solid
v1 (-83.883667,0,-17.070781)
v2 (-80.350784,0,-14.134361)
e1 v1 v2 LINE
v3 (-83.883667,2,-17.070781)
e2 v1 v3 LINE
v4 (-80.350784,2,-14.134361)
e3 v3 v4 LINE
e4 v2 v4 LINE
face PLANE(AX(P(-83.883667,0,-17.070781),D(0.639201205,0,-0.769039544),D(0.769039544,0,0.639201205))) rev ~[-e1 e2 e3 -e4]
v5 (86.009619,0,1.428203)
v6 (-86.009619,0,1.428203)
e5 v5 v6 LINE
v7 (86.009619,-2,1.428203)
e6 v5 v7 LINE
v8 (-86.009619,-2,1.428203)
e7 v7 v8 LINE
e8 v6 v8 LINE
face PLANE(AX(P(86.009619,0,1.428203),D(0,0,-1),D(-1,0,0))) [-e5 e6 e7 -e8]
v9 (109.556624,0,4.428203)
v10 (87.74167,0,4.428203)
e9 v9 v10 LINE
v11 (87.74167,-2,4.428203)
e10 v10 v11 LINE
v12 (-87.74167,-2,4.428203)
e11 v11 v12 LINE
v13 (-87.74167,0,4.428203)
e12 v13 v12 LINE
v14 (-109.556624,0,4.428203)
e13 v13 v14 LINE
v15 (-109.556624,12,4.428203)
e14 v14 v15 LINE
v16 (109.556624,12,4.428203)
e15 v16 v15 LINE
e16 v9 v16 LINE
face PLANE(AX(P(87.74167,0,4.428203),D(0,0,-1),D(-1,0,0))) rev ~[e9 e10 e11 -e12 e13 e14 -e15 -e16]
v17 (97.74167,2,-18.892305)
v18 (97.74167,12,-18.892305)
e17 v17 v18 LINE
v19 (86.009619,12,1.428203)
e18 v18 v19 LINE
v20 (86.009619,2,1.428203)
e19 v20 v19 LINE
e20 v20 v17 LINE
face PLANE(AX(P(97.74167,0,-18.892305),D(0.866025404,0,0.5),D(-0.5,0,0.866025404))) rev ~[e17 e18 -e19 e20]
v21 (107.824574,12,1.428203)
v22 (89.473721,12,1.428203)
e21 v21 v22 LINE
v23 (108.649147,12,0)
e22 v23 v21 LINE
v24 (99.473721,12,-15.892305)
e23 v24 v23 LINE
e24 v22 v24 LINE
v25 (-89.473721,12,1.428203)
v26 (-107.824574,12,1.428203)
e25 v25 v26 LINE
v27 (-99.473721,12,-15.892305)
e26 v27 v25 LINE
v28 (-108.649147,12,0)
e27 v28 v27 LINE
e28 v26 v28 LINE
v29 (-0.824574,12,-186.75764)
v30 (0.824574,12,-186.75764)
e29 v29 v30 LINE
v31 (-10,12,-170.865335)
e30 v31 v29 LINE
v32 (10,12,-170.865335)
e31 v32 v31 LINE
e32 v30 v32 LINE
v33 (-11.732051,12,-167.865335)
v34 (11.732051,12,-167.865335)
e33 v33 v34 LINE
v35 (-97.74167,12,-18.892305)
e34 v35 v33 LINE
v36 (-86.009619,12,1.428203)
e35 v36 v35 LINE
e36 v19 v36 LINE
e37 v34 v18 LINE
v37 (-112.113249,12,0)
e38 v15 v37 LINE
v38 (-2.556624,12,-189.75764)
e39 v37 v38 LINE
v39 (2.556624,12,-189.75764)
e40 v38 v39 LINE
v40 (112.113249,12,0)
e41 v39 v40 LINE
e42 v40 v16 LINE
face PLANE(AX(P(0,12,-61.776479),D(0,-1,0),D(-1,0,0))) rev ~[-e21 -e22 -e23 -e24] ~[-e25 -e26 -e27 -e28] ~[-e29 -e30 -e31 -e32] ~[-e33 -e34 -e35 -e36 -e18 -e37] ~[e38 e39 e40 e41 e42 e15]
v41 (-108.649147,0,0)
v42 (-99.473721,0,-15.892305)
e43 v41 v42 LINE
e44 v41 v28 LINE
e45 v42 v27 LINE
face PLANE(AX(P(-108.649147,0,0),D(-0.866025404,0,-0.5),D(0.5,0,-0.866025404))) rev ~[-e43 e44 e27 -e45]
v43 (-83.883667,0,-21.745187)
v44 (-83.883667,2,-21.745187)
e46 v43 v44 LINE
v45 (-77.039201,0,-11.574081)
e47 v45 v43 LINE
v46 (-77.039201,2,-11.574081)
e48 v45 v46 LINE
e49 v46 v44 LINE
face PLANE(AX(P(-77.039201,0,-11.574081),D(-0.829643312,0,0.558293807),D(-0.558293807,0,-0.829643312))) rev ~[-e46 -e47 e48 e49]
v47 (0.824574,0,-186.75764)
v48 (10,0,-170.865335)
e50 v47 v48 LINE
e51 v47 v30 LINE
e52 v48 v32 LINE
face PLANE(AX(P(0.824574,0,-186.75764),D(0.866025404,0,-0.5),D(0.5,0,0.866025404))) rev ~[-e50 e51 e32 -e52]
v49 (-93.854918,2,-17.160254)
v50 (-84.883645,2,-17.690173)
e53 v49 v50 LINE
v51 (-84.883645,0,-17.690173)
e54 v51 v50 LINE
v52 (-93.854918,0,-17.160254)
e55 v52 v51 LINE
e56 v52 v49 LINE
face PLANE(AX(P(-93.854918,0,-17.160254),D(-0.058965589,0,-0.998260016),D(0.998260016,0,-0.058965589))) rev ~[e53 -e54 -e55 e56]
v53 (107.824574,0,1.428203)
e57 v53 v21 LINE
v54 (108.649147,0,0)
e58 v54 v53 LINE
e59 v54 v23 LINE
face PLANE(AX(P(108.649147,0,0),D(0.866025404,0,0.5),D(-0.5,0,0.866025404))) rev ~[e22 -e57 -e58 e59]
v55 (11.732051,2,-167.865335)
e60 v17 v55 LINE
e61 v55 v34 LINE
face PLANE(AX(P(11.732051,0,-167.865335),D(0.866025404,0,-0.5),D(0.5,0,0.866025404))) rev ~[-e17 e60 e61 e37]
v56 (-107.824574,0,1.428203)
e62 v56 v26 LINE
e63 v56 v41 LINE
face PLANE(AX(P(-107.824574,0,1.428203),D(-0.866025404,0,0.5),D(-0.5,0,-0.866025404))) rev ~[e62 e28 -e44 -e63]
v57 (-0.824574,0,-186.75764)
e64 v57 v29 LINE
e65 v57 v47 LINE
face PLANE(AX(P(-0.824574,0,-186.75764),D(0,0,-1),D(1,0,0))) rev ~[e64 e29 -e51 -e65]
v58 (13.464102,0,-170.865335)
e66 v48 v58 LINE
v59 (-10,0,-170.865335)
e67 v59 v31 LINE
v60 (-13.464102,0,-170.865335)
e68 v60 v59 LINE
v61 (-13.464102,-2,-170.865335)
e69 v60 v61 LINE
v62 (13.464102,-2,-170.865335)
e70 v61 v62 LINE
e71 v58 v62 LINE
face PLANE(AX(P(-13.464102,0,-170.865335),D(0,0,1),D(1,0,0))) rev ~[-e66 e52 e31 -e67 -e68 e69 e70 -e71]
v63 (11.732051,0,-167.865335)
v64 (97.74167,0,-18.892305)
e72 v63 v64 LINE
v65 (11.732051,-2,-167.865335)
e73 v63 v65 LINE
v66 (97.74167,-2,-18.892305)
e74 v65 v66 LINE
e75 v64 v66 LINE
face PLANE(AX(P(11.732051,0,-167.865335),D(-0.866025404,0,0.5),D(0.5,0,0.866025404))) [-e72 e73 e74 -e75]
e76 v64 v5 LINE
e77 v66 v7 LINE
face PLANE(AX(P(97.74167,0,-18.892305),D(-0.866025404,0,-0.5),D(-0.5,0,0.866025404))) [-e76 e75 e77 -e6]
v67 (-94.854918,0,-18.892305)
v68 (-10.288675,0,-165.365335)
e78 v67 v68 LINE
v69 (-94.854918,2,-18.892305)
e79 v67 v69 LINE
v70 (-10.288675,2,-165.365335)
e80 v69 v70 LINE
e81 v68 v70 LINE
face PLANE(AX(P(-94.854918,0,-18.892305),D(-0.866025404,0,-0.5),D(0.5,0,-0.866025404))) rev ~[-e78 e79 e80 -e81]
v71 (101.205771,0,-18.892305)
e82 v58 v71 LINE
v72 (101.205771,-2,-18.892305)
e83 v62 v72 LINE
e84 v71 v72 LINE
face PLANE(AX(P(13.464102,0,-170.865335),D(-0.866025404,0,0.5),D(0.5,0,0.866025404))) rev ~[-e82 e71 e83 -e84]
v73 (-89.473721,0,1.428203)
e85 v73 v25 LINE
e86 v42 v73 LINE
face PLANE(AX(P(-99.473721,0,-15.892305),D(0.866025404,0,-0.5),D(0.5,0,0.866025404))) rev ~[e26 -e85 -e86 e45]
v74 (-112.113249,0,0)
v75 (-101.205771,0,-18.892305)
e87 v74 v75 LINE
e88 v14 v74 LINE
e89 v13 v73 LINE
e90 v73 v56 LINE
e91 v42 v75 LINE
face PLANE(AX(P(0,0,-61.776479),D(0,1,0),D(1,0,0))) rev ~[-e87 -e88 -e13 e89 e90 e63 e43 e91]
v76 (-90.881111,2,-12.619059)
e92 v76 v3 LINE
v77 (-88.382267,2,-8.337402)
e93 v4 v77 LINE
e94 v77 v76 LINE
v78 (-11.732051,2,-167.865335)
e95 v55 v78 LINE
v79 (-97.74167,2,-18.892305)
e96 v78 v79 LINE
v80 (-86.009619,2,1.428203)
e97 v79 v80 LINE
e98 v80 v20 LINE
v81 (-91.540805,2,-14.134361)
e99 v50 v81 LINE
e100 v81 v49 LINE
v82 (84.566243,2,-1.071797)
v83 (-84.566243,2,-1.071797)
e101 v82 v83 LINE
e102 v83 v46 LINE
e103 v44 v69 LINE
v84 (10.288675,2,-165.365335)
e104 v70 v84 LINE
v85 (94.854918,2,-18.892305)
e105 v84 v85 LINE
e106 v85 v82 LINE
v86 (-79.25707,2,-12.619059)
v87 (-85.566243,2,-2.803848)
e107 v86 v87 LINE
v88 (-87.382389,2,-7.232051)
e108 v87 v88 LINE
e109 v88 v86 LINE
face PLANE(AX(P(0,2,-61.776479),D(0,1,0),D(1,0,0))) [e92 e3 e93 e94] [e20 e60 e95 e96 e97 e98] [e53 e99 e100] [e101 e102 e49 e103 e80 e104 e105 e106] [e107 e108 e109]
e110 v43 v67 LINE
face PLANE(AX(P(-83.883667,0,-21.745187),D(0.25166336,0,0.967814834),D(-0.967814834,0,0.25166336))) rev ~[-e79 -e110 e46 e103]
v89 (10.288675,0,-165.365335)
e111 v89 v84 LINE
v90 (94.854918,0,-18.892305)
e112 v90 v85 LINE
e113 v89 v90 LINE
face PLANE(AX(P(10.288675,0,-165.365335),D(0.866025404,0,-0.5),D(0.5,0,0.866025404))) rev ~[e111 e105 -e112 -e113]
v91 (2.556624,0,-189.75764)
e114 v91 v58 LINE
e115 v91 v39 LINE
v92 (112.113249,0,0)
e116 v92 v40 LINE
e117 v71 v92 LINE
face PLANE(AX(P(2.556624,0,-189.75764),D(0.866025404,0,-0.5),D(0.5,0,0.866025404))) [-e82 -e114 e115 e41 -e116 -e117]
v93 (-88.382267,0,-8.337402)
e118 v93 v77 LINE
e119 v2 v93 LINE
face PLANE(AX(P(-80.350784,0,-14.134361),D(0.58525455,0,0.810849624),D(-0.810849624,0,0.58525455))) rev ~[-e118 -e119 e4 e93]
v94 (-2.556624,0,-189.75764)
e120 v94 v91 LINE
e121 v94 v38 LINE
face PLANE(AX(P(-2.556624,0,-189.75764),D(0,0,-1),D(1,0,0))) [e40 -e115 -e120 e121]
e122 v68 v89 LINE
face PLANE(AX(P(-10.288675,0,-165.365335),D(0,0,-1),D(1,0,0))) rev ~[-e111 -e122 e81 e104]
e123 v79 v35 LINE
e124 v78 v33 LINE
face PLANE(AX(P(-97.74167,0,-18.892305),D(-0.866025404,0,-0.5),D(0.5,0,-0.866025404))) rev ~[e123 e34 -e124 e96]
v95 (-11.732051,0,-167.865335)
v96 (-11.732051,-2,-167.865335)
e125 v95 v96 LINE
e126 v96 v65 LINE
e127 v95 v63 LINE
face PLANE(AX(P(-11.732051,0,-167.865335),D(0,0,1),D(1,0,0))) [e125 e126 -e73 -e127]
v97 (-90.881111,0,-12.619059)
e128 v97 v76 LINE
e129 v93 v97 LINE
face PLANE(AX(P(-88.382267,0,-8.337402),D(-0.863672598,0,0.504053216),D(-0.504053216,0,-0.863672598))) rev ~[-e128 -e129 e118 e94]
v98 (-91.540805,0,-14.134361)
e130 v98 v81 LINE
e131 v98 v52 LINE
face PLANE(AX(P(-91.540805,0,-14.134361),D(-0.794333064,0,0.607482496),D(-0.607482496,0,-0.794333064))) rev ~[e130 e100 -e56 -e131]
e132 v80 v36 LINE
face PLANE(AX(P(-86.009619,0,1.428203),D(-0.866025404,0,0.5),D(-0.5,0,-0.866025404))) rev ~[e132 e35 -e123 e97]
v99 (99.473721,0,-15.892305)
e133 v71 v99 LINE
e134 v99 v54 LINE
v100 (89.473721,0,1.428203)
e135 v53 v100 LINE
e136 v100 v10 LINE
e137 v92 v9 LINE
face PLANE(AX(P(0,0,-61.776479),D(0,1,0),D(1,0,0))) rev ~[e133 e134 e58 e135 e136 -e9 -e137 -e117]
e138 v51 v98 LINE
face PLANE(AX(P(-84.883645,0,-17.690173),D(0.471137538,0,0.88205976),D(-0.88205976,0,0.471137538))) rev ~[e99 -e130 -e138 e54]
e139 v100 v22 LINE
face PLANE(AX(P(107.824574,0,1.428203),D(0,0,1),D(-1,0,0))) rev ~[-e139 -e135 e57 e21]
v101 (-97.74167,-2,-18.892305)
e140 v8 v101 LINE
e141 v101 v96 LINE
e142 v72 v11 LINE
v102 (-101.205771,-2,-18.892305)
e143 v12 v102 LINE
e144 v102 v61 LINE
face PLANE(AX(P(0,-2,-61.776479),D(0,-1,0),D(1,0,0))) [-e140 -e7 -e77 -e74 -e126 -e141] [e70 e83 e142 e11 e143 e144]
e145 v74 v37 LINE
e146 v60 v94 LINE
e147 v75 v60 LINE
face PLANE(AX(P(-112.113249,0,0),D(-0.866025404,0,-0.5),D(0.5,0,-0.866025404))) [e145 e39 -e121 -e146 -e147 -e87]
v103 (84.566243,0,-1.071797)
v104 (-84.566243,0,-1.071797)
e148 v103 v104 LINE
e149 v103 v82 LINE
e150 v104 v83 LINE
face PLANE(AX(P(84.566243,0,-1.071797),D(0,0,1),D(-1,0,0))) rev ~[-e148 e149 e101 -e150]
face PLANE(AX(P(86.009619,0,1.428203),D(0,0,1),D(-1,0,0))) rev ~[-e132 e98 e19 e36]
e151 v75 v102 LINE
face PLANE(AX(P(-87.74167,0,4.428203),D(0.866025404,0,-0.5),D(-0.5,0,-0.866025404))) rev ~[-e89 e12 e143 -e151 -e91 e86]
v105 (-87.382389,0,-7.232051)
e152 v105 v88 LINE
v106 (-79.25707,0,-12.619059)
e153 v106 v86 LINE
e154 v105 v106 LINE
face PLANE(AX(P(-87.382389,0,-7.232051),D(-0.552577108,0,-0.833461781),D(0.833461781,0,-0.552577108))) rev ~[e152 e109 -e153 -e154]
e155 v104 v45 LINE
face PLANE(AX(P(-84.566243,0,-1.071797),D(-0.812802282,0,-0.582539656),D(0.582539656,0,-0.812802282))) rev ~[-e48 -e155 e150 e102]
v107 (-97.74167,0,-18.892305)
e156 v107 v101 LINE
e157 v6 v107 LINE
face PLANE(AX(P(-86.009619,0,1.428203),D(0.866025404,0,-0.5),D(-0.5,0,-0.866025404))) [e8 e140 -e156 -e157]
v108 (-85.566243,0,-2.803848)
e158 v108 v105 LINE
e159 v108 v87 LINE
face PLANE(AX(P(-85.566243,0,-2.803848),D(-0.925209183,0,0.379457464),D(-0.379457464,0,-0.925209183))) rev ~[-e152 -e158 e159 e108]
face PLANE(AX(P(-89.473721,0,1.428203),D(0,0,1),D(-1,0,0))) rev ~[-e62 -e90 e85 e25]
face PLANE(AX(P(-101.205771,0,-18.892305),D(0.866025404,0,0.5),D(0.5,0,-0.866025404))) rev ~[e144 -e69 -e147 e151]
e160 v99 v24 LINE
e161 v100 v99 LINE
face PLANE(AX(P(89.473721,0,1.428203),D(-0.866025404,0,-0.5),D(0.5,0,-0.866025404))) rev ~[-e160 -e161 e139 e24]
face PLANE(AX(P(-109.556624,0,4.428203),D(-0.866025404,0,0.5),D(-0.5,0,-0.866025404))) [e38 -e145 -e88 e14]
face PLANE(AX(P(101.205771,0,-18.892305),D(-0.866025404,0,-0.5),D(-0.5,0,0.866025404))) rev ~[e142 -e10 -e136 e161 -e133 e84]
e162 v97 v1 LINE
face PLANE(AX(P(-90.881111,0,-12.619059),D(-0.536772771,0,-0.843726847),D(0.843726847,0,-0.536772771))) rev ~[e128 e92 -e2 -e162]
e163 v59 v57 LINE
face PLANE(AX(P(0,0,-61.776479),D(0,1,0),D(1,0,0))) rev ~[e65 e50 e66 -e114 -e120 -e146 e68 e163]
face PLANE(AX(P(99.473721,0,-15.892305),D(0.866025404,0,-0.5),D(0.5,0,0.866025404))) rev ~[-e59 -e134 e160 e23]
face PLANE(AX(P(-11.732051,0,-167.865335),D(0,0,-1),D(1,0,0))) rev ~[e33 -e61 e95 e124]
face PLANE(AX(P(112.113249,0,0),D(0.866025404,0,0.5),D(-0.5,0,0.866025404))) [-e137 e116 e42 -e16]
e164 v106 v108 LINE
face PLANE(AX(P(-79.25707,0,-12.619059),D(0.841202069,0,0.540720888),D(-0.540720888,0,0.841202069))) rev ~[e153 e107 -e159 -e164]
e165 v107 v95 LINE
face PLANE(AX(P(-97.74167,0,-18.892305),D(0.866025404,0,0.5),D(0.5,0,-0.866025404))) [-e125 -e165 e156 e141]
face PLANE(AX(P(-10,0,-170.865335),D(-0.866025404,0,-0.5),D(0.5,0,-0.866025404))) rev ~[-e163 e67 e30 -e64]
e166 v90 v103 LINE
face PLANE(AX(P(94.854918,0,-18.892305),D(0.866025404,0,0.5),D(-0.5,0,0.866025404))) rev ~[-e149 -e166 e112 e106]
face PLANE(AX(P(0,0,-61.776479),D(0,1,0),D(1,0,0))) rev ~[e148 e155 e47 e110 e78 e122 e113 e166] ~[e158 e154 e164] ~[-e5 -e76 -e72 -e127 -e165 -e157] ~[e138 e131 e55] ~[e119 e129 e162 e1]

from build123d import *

# Parameters (mm, degrees)
BOSS_EXTRUDE1_DEPTH = 12
BOSS_EXTRUDE2_DEPTH = 2
BOSS_EXTRUDE3_DEPTH = 2


with BuildPart() as part:
    # Sketch1 → Boss-Extrude1 (new body)
    with BuildSketch(Plane(origin=(0, 0, 0), x_dir=(1, 0, 0), z_dir=(0, 1, 0))):
        Polygon((109.556624327, -4.42820323), (-109.556624327, -4.42820323), (-112.113248654, 0), (-2.556624327, 189.75763964), (2.556624327, 189.75763964), (112.113248654, 0), align=None)
        Polygon((-107.824573519, -1.42820323), (-108.649147039, 0), (-99.473720558, 15.892304845), (-89.473720558, -1.42820323), align=None, mode=Mode.SUBTRACT)
        Polygon((-0.824573519, 186.75763964), (0.824573519, 186.75763964), (10, 170.865334795), (-10, 170.865334795), align=None, mode=Mode.SUBTRACT)
        Polygon((108.649147039, 0), (107.824573519, -1.42820323), (89.473720558, -1.42820323), (99.473720558, 15.892304845), align=None, mode=Mode.SUBTRACT)
        Polygon((-11.732050808, 167.865334795), (11.732050808, 167.865334795), (97.741669751, 18.892304845), (86.009618943, -1.42820323), (-86.009618943, -1.42820323), (-97.741669751, 18.892304845), align=None, mode=Mode.SUBTRACT)
    extrude(amount=BOSS_EXTRUDE1_DEPTH)

    # Sketch1<4> → Boss-Extrude2 (add)
    with BuildSketch(Plane(origin=(0, 0, 0), x_dir=(1, 0, 0), z_dir=(0, 1, 0))):
        Polygon((11.732050808, 167.865334795), (-11.732050808, 167.865334795), (-97.741669751, 18.892304845), (-86.009618943, -1.42820323), (86.009618943, -1.42820323), (97.741669751, 18.892304845), align=None)
        Polygon((-88.382267396, 8.337401941), (-90.881111336, 12.619059055), (-83.883666799, 17.070781447), (-80.350783684, 14.134361385), align=None, mode=Mode.SUBTRACT)
        Polygon((-84.88364511, 17.690172506), (-91.540804962, 14.134361385), (-93.854918405, 17.160254038), align=None, mode=Mode.SUBTRACT)
        Polygon((-87.382389068, 7.232050808), (-79.257069687, 12.619059055), (-85.56624327, 2.803847577), align=None, mode=Mode.SUBTRACT)
        Polygon((84.56624327, 1.07179677), (-84.56624327, 1.07179677), (-77.039200778, 11.574081455), (-83.883666799, 21.745187386), (-94.854918405, 18.892304845), (-10.288675135, 165.365334795), (10.288675135, 165.365334795), (94.854918405, 18.892304845), align=None, mode=Mode.SUBTRACT)
    extrude(amount=BOSS_EXTRUDE2_DEPTH)

    # Sketch2 → Boss-Extrude3 (add)
    with BuildSketch(Plane.XZ):
        Polygon((101.205771366, -18.892304845), (87.741669751, 4.42820323), (-87.741669751, 4.42820323), (-101.205771366, -18.892304845), (-13.464101615, -170.865334795), (13.464101615, -170.865334795), align=None)
        Polygon((-11.732050807, -167.865334795), (11.732050807, -167.865334795), (97.741669751, -18.892304845), (86.009618943, 1.42820323), (-86.009618943, 1.42820323), (-97.741669751, -18.892304845), align=None, mode=Mode.SUBTRACT)
    extrude(amount=BOSS_EXTRUDE3_DEPTH)


solid = part.part
